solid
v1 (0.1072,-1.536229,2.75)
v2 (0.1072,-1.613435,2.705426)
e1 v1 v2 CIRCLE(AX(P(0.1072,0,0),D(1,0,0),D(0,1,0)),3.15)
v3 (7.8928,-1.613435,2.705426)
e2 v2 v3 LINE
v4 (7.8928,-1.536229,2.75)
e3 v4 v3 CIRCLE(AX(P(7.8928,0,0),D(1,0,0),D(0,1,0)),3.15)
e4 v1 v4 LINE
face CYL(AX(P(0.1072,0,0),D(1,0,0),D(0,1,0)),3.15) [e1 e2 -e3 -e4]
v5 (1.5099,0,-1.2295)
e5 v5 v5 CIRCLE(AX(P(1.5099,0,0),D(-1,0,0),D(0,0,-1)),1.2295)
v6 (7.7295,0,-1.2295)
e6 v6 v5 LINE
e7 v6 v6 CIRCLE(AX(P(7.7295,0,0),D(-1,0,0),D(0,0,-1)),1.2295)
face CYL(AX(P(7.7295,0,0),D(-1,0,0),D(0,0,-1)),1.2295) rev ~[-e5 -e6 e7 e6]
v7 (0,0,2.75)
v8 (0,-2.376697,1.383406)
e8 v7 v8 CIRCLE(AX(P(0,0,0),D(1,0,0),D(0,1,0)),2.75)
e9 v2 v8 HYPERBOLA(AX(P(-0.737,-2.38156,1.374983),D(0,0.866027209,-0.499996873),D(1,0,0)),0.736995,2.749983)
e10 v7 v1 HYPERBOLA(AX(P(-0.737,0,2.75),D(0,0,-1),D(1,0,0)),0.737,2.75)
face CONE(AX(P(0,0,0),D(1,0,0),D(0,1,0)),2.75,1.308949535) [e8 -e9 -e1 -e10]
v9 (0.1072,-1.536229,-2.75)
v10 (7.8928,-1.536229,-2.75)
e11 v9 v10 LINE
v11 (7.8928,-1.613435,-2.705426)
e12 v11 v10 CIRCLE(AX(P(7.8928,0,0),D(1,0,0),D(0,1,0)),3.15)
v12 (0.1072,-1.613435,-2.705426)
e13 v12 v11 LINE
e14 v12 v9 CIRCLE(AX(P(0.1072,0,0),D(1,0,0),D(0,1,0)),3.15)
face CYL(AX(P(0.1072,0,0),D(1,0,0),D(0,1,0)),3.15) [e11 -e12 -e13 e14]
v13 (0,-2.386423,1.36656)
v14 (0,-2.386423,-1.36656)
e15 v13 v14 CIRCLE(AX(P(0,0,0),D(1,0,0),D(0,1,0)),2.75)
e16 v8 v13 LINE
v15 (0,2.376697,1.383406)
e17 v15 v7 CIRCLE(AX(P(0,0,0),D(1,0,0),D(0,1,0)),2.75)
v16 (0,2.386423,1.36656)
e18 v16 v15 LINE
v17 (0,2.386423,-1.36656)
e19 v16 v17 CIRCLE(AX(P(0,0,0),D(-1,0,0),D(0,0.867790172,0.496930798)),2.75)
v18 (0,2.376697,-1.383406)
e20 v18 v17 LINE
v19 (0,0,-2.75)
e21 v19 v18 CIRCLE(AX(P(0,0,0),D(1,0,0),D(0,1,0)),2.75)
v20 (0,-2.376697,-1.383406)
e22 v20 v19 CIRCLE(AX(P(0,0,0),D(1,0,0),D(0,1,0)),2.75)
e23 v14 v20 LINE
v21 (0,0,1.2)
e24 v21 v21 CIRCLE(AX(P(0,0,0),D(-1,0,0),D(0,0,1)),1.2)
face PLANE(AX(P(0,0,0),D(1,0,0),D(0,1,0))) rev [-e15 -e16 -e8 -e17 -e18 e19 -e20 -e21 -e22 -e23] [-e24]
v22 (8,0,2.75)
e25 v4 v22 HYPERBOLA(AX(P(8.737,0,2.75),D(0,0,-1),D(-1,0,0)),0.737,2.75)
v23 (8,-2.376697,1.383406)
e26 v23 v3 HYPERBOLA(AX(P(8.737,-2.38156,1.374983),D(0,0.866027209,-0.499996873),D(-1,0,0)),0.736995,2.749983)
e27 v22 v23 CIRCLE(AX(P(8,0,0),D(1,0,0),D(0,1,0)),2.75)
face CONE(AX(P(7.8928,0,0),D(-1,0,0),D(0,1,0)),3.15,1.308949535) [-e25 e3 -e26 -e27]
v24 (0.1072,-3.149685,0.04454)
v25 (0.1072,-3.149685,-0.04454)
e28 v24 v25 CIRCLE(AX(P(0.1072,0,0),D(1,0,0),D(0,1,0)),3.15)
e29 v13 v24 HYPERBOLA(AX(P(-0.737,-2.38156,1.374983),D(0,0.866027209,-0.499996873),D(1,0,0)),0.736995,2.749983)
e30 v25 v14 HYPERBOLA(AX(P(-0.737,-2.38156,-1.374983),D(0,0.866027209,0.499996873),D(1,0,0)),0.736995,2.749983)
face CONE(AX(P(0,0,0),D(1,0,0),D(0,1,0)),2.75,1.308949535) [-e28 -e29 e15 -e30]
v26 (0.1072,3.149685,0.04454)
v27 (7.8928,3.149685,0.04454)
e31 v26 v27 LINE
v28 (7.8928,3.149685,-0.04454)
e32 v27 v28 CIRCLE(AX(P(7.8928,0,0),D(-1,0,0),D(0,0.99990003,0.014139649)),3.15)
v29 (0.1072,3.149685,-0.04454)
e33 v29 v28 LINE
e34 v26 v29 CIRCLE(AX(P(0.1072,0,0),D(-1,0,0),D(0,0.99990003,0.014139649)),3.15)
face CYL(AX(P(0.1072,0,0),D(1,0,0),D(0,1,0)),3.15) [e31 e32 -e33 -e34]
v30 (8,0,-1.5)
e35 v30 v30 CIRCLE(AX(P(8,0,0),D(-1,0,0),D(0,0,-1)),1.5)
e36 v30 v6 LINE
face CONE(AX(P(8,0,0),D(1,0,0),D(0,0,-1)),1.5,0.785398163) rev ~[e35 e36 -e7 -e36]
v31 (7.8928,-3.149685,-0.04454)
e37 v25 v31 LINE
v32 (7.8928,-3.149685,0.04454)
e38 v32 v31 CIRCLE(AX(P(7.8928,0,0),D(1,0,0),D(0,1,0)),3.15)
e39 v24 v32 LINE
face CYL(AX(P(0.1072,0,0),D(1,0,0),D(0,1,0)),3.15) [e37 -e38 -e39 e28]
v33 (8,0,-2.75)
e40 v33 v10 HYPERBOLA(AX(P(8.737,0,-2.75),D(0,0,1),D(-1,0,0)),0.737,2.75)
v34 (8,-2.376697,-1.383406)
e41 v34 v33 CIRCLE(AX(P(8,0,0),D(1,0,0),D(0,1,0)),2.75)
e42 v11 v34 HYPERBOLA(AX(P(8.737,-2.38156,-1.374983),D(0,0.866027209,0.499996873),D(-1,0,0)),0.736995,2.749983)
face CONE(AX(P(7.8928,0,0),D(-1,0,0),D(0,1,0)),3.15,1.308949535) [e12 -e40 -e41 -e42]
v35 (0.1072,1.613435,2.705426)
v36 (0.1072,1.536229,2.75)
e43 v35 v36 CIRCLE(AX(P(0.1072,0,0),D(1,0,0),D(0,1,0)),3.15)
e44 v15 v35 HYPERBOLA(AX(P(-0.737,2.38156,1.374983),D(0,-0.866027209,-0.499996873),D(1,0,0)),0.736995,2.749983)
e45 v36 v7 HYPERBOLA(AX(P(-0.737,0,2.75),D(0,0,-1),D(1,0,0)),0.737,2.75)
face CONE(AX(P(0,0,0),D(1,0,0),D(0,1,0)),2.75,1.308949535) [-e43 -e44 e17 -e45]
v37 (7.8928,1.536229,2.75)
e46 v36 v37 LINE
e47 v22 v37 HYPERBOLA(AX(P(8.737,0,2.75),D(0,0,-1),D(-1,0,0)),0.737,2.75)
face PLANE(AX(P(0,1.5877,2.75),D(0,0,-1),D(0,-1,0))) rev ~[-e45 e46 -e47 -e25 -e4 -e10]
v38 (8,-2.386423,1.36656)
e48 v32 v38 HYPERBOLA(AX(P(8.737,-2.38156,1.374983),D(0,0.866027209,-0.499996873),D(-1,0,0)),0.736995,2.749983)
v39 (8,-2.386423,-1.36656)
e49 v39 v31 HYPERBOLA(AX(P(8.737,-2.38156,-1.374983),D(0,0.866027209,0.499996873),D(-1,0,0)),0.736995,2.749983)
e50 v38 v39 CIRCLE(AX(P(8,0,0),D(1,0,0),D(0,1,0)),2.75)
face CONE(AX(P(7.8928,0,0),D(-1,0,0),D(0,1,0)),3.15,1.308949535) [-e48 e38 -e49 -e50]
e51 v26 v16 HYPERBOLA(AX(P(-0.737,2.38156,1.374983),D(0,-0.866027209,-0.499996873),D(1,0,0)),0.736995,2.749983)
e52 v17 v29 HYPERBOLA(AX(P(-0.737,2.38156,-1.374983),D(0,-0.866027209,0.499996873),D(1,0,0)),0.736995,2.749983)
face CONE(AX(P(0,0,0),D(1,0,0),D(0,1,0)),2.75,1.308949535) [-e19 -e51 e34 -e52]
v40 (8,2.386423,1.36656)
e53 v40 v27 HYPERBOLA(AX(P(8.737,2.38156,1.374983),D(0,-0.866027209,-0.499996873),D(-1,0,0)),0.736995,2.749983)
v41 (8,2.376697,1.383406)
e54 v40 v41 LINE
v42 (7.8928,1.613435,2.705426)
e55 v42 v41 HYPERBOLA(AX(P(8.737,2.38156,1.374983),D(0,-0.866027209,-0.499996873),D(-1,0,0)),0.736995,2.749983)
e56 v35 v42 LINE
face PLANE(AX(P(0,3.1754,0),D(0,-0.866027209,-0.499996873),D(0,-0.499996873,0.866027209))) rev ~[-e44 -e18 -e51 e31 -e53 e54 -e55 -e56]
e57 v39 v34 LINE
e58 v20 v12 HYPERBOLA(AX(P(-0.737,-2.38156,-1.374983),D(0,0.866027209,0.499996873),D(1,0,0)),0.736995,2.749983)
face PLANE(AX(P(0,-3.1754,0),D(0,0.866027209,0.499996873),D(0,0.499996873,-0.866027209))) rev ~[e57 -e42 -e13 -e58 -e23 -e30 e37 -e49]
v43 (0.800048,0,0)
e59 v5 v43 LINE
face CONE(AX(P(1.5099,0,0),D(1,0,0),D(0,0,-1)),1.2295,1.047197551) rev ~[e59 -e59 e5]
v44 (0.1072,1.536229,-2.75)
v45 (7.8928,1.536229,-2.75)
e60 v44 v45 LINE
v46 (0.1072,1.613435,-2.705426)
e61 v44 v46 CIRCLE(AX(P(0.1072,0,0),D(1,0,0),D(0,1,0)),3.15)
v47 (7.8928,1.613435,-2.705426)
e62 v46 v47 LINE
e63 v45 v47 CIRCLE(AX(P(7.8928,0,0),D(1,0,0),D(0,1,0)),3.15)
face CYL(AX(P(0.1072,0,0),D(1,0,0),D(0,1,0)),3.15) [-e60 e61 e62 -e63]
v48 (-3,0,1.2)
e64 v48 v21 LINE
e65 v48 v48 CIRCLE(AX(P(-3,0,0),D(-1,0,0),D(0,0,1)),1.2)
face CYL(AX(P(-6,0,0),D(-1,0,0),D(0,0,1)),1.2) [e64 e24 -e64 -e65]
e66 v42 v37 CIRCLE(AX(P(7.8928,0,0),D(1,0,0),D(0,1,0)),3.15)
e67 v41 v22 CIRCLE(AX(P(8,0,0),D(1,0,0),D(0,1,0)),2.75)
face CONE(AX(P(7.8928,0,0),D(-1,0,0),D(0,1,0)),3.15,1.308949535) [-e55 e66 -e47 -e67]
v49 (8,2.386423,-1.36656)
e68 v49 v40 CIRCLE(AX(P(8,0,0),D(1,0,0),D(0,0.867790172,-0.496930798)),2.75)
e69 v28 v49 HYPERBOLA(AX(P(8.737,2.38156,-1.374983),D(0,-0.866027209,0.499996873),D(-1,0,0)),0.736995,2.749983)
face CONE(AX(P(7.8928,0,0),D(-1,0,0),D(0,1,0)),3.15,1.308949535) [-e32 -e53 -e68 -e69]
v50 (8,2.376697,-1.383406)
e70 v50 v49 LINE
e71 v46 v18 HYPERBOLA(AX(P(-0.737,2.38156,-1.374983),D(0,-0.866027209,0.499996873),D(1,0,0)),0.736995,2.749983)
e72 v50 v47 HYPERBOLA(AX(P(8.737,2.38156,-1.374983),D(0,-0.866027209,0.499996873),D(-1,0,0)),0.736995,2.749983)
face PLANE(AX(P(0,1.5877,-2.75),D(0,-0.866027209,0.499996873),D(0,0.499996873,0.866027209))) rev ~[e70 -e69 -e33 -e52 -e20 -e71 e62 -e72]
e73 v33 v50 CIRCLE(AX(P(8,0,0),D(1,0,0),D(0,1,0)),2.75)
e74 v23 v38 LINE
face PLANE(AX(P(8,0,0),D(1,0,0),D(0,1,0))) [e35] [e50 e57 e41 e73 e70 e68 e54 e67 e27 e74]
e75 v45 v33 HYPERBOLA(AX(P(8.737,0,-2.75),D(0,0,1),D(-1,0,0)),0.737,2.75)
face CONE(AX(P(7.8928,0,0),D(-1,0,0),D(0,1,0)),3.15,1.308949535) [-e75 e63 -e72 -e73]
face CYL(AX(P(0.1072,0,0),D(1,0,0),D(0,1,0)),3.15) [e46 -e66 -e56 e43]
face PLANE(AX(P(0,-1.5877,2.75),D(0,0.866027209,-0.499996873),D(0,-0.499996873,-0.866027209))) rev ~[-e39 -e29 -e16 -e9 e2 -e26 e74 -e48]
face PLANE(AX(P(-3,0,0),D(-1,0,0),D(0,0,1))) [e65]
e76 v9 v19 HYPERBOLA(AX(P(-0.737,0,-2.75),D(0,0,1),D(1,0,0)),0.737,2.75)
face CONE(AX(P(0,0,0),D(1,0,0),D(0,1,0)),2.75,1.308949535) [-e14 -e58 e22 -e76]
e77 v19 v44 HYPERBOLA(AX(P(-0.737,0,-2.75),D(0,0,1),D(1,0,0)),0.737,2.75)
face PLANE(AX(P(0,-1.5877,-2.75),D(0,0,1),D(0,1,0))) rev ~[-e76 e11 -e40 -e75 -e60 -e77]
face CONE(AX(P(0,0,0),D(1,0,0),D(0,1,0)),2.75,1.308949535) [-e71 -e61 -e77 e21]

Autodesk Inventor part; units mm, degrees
ref_plane "YZ Plane" through (0, 0, 0) normal (1, 0, 0) x (0, 1, 0)
ref_plane "XZ Plane" through (0, 0, 0) normal (0, 1, 0) x (-1, 0, 0)
ref_plane "XY Plane" through (0, 0, 0) normal (0, 0, 1) x (1, 0, 0)
sketch "Sketch_1" plane through (0, 0, 0) normal (0, 0, 1) x (1, 0, 0)
  line L0 (8, 0) -> (0, 0)
  line L1 (0, 0) -> (0, 2.75)
  line L2 (0, 2.75) -> (0.1072, 3.15)
  line L3 (0.1072, 3.15) -> (7.8928, 3.15)
  line L4 (7.8928, 3.15) -> (8, 2.75)
  line L5 (8, 2.75) -> (8, 0)
  line L6 (8, 0) -> (0, 0)
revolve "Revolution1" add sketch "Sketch_1" angle 360 about axis through (8, 0, 0) along (1, 0, 0)
sketch "Sketch_5" plane through (0, 0, 0) normal (0, 0, 1) x (1, 0, 0)
  line L0 (0, 0) -> (-6, 0)
  line L1 (-6, 0) -> (-6, 1.1935)
  line L2 (-6, 1.1935) -> (-5.6935, 1.5)
  line L3 (-5.6935, 1.5) -> (-0.6, 1.5)
  line L4 (-0.6, 1.5) -> (-0.6, 1.2295)
  line L5 (-0.6, 1.2295) -> (0, 1.2295)
  line L6 (0, 1.2295) -> (0, 0)
  line L7 (0, 0) -> (-6, 0)
revolve "Revolution2" add sketch "Sketch_5" angle 360 about axis through (0, 0, 0) along (1, 0, 0)
thread "Thread1" size "M3x0.5" class "6g" standard "ISO Metric profile" full length
sketch "Sketch_6" plane through (0, 0, 0) normal (1, 0, 0) x (0, 1, 0)
  circle A0 centre (0, 0) radius 6.3
  line L0 (1.5877, 2.75) -> (-1.5877, 2.75)
  line L1 (-1.5877, 2.75) -> (-3.1754, 0)
  line L2 (-3.1754, 0) -> (-1.5877, -2.75)
  line L3 (-1.5877, -2.75) -> (1.5877, -2.75)
  line L4 (1.5877, -2.75) -> (3.1754, 0)
  line L5 (3.1754, 0) -> (1.5877, 2.75)
extrude "Extrusion1" cut sketch "Sketch_6" along normal blind 8
sketch "Sketch4" plane through (8, 0, 0) normal (1, 0, 0) x (0, 0, -1)
  point P0 (0, 0)
hole "Hole1" at (8, 0, 0) direction (-1, 0, 0) diameter 2.459 depth 6.4901 tip angle 120 countersink diameter 3 countersink angle 90 thread size "M3x0.5" class "6H" standard "ISO Metric profile"
sketch "スケッチ5" plane through (-6, 0, 0) normal (-1, 0, 0) x (0, 0, 1)
  circle A0 centre (0, 0) radius 1.1935 projected
  circle A1 centre (0, 0) radius 1.2
  circle A2 centre (0, 0) radius 2.2848
  dimension "d13" = 2.4
extrude "押し出し2" cut sketch "スケッチ5" against normal blind 6 contours A2
sketch "スケッチ6" plane through (-6, 0, 0) normal (-1, 0, 0) x (0, 0, 1)
  circle A0 centre (0, 0) radius 1.1935 projected
  circle A1 centre (0, 0) radius 1.9337
extrude "押し出し3" cut sketch "スケッチ6" against normal blind 3 contours A0 | A1
properties part number "SLCG5.5-8" material "ステンレス鋼 AISI 302"
